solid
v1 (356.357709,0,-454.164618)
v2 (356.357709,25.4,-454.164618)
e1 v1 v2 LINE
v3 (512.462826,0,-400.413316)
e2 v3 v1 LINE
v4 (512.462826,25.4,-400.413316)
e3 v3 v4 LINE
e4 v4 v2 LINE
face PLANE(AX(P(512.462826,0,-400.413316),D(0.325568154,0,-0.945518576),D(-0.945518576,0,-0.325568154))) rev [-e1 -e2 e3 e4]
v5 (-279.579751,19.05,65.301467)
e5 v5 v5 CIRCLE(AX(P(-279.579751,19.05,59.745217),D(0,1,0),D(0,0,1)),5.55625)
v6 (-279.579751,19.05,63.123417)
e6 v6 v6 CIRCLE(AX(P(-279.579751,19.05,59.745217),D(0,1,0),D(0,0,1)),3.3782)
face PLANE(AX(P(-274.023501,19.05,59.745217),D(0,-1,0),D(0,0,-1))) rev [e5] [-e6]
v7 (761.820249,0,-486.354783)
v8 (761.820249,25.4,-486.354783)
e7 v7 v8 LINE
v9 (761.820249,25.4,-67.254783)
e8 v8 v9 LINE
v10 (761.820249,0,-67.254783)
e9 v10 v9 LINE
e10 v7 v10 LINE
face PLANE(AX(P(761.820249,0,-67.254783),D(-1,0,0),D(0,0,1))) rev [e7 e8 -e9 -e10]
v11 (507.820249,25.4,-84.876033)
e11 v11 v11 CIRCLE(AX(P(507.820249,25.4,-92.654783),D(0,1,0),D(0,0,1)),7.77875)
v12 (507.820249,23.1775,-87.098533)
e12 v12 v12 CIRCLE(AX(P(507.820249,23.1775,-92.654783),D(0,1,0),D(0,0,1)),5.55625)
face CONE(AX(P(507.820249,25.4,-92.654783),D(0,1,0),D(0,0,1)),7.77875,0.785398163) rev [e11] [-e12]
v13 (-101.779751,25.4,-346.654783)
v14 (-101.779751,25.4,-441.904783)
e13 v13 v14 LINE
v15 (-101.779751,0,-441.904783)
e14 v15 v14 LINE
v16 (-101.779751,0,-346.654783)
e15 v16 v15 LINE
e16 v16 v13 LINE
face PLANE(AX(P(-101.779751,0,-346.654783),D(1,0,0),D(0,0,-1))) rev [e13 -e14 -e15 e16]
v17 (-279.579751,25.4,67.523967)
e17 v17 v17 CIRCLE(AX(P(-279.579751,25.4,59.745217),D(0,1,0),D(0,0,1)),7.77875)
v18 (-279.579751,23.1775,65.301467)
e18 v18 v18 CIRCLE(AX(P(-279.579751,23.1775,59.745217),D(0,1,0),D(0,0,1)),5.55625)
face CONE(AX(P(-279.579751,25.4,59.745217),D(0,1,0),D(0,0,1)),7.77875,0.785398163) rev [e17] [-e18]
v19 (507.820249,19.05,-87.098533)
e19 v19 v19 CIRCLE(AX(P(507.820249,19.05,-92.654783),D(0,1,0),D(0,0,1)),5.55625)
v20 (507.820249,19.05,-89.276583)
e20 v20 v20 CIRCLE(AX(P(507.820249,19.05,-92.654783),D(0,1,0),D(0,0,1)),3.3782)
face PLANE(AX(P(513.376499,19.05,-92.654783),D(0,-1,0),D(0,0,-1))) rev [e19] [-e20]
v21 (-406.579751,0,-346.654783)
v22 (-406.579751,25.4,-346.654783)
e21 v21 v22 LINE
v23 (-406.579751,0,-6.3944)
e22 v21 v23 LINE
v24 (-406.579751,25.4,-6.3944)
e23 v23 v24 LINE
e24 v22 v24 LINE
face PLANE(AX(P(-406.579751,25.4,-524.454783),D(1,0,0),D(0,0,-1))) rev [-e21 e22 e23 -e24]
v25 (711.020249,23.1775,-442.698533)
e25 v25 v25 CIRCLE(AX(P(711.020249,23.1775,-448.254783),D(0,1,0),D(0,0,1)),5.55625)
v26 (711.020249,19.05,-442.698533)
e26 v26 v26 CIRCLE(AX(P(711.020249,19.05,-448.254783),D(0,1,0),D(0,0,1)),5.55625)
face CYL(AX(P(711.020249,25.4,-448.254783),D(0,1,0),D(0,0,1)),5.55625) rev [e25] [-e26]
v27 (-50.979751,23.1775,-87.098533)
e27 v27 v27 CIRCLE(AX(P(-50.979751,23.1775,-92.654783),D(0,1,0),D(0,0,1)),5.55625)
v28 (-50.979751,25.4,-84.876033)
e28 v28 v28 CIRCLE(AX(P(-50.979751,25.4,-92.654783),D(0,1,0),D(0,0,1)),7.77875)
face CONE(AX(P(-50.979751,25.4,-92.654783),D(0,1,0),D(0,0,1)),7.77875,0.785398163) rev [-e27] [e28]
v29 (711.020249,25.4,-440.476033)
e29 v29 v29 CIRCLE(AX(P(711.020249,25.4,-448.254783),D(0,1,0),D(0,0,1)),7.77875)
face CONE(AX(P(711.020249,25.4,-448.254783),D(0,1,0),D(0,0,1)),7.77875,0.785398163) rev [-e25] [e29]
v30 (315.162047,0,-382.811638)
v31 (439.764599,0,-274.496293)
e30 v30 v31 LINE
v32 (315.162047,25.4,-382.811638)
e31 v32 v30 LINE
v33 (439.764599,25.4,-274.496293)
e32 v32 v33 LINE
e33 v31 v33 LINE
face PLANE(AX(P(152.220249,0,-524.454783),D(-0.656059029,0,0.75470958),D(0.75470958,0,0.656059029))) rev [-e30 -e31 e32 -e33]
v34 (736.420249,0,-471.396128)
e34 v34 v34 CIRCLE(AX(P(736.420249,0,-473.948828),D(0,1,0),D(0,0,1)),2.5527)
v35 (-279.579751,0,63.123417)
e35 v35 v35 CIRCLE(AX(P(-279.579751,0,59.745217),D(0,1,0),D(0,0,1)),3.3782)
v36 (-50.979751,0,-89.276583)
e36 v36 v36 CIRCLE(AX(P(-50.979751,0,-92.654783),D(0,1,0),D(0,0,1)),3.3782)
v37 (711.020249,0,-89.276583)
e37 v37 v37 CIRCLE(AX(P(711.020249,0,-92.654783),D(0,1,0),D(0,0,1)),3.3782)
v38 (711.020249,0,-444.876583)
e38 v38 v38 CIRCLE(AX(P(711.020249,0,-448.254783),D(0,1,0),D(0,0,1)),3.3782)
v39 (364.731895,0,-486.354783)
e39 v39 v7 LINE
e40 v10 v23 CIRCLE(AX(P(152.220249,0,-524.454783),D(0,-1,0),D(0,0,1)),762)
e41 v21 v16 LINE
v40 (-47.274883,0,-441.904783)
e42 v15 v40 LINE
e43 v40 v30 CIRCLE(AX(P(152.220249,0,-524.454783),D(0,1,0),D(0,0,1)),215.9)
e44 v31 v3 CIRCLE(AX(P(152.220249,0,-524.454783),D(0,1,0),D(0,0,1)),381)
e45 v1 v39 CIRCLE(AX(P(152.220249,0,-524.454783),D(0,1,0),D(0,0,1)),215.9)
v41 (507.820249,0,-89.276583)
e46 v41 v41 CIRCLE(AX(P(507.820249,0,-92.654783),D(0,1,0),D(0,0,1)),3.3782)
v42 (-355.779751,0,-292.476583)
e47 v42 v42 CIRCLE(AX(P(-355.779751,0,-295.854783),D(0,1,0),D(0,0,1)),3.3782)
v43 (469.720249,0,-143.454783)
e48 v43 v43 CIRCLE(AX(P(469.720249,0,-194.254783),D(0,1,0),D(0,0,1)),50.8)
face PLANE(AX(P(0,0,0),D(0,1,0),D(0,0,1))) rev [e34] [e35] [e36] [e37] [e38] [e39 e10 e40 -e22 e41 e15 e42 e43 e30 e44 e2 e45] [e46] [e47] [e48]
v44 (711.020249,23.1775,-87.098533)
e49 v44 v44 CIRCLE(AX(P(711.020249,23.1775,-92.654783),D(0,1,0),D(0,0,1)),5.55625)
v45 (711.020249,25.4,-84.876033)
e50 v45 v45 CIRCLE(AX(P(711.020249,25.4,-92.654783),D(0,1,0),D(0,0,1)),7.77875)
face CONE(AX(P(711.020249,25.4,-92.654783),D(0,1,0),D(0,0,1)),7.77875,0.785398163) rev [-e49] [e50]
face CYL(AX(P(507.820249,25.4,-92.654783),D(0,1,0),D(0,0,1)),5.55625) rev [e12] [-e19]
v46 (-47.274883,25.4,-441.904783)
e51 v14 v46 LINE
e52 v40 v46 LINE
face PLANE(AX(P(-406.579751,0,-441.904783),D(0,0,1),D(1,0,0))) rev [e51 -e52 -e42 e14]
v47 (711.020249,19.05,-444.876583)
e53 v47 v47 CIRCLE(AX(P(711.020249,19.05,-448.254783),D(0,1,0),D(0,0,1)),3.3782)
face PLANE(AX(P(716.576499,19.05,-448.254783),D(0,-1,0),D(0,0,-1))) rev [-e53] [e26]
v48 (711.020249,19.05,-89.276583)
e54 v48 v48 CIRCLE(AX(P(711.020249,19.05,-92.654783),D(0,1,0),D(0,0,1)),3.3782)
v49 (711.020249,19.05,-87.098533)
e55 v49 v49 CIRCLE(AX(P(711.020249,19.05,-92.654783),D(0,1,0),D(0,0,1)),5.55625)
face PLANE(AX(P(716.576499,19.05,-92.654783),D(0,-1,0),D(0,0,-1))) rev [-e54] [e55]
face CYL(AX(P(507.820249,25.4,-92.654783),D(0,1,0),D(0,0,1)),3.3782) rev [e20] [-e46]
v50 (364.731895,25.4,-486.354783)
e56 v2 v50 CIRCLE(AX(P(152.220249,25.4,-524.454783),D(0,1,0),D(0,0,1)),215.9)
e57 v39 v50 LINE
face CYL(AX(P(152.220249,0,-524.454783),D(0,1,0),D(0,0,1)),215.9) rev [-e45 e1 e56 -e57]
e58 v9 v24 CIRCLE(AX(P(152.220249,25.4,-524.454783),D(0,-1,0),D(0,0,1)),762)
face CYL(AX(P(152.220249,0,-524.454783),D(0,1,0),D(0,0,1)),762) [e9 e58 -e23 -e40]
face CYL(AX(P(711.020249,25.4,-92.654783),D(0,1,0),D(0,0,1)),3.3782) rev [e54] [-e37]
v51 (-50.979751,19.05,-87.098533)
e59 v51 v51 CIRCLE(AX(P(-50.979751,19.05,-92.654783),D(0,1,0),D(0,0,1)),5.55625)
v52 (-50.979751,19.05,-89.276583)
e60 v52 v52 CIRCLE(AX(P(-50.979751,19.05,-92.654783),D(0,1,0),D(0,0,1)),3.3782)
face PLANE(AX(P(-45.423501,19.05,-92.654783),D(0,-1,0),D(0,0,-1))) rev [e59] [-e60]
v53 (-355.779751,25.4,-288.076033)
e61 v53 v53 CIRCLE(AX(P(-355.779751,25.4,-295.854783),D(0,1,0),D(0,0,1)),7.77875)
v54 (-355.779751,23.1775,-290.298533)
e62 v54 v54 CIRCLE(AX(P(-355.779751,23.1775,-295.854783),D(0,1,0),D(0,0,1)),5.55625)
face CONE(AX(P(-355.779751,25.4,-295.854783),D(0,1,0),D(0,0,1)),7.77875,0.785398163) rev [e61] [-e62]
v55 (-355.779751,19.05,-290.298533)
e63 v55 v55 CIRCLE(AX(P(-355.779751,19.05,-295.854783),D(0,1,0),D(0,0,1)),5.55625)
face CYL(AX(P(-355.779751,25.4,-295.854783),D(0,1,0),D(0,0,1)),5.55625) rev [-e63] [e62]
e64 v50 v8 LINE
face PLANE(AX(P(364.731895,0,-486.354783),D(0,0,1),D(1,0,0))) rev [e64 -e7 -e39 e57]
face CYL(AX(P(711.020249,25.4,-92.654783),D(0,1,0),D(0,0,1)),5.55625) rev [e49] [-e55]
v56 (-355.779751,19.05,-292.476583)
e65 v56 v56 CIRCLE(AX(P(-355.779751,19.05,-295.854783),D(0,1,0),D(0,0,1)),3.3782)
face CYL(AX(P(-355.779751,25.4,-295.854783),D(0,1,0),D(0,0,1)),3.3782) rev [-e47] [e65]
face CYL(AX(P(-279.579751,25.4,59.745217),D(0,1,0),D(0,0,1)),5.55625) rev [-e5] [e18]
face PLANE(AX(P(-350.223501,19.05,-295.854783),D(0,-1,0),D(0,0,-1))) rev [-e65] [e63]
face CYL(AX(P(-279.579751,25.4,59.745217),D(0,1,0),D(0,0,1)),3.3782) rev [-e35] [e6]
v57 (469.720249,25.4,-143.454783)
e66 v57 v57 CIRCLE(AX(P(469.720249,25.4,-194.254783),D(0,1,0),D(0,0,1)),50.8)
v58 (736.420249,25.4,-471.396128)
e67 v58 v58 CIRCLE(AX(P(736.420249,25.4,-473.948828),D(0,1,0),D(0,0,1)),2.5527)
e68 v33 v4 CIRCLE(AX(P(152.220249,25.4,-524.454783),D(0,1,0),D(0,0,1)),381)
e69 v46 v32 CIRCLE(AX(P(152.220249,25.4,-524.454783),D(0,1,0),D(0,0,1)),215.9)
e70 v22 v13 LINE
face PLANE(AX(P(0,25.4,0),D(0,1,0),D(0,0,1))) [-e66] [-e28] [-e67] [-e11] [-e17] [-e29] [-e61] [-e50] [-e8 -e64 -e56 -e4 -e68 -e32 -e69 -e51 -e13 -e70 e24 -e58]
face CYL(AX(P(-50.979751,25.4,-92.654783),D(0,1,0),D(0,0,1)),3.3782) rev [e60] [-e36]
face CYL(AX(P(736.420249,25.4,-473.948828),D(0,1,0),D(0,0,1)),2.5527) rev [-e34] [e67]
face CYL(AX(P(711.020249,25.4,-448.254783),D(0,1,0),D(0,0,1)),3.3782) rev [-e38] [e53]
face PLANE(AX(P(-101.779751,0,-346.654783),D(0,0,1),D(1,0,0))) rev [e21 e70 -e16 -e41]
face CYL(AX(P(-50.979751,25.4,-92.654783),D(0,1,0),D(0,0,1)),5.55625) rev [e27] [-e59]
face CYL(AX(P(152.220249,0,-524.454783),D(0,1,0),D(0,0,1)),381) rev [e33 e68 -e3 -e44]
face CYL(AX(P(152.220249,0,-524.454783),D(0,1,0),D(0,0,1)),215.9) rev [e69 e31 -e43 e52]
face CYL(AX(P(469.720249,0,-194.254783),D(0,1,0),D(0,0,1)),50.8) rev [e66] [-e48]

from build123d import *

# Parameters (mm, degrees)
SKETCH2_W                                     = 2006.6
SKETCH2_H                                     = 762
BOSS_EXTRUDE1_DEPTH                           = 25.4
CUT_EXTRUDE18_DEPTH                           = 26.4
F_1_4_20_TAPPED_HOLE1_D                       = 5.1054
SKETCH4_R                                     = 215.9
CUT_EXTRUDE1_DEPTH                            = 26.4
SKETCH26_W                                    = 381
SKETCH26_H                                    = 82.55
CUT_EXTRUDE2_DEPTH                            = 26.4
SKETCH109_R                                   = 50.8
CUT_EXTRUDE15_DEPTH                           = 26.4
SKETCH48_W                                    = 304.8
SKETCH48_H                                    = 95.25
CUT_EXTRUDE9_DEPTH                            = 26.4
CUT_EXTRUDE12_DEPTH                           = 26.4
CUT_EXTRUDE13_DEPTH                           = 26.4
CUT_EXTRUDE17_DEPTH                           = 26.4
CBORE_FOR_1_4_SOCKET_HEAD_CAP_SCREW1_AT_COUNT = 2
CBORE_FOR_1_4_SOCKET_HEAD_CAP_SCREW1_AT_PITCH = 558.8
CBORE_FOR_1_4_SOCKET_HEAD_CAP_SCREW1_2_COUNT  = 2
CBORE_FOR_1_4_SOCKET_HEAD_CAP_SCREW1_2_PITCH  = 366.324009587
CBORE_FOR_1_4_SOCKET_HEAD_CAP_SCREW1_3_COUNT  = 2
CBORE_FOR_1_4_SOCKET_HEAD_CAP_SCREW1_3_PITCH  = 274.74300719
CBORE_FOR_1_4_SOCKET_HEAD_CAP_SCREW1_4_COUNT  = 2
CBORE_FOR_1_4_SOCKET_HEAD_CAP_SCREW1_4_PITCH  = 840.889624148
CBORE_FOR_1_4_SOCKET_HEAD_CAP_SCREW1_5_COUNT  = 2
CBORE_FOR_1_4_SOCKET_HEAD_CAP_SCREW1_5_PITCH  = 762


with BuildPart() as part:
    # Sketch2 → Boss-Extrude1 (new body)
    with BuildSketch(Plane(origin=(0, 0, 0), x_dir=(1, 0, 0), z_dir=(0, 1, 0))):
        with Locations((596.720248579, 143.454782609)):
            Rectangle(SKETCH2_W, SKETCH2_H)
    extrude(amount=BOSS_EXTRUDE1_DEPTH)

    # Sketch120 → Cut-Extrude18 (cut, through all)
    with BuildSketch(Plane(origin=(0, 25.4, 0), x_dir=(1, 0, 0), z_dir=(0, 1, 0))):
        with BuildLine():
            Line((364.731895319, 486.354782609), (761.820248579, 486.354782609))
            Line((761.820248579, 486.354782609), (761.820248579, 524.454782609))
            Line((761.820248579, 524.454782609), (368.120248579, 524.454782609))
            ThreePointArc((368.120248579, 524.454782609), (367.271491927, 505.329596742), (364.731895319, 486.354782609))
        make_face()
    extrude(amount=-CUT_EXTRUDE18_DEPTH, mode=Mode.SUBTRACT)

    # 1/4-20 Tapped Hole1 (through all)
    with Locations(Plane(origin=(0, 25.4, 0), x_dir=(1, 0, 0), z_dir=(0, 1, 0))):
        with Locations((736.420248579, 473.948827926)):
            Hole(F_1_4_20_TAPPED_HOLE1_D / 2)

    # Sketch4 → Cut-Extrude1 (cut, through all)
    with BuildSketch(Plane(origin=(0, 25.4, 0), x_dir=(1, 0, 0), z_dir=(0, 1, 0))):
        with Locations((152.220248579, 524.454782609)):
            Circle(SKETCH4_R)
    extrude(amount=-CUT_EXTRUDE1_DEPTH, mode=Mode.SUBTRACT)

    # Sketch26 → Cut-Extrude2 (cut, through all)
    with BuildSketch(Plane(origin=(0, 25.4, 0), x_dir=(1, 0, 0), z_dir=(0, 1, 0))):
        with Locations((-216.079751421, 483.179782609)):
            Rectangle(SKETCH26_W, SKETCH26_H)
    extrude(amount=-CUT_EXTRUDE2_DEPTH, mode=Mode.SUBTRACT)

    # Sketch109 → Cut-Extrude15 (cut, through all)
    with BuildSketch(Plane(origin=(0, 25.4, 0), x_dir=(1, 0, 0), z_dir=(0, 1, 0))):
        with Locations((469.720248579, 194.254782609)):
            Circle(SKETCH109_R)
    extrude(amount=-CUT_EXTRUDE15_DEPTH, mode=Mode.SUBTRACT)

    # Sketch48 → Cut-Extrude9 (cut, through all)
    with BuildSketch(Plane(origin=(0, 25.4, 0), x_dir=(1, 0, 0), z_dir=(0, 1, 0))):
        with Locations((-254.179751421, 394.279782609)):
            Rectangle(SKETCH48_W, SKETCH48_H)
    extrude(amount=-CUT_EXTRUDE9_DEPTH, mode=Mode.SUBTRACT)

    # Sketch56 → Cut-Extrude12 (cut, through all)
    with BuildSketch(Plane(origin=(0, 25.4, 0), x_dir=(1, 0, 0), z_dir=(0, 1, 0))):
        with BuildLine():
            Line((512.462825882, 400.413315761), (152.220248579, 524.454782609))
            Line((152.220248579, 524.454782609), (439.764598644, 274.496292563))
            ThreePointArc((439.764598644, 274.496292563), (482.175927421, 333.954782609), (512.462825882, 400.413315761))
        make_face()
    extrude(amount=-CUT_EXTRUDE12_DEPTH, mode=Mode.SUBTRACT)

    # Sketch105 → Cut-Extrude13 (cut, through all)
    with BuildSketch(Plane(origin=(0, 25.4, 0), x_dir=(1, 0, 0), z_dir=(0, 1, 0))):
        with BuildLine():
            Line((152.220248579, -237.545217391), (-406.579751421, -237.545217391))
            Line((-406.579751421, -237.545217391), (-406.579751421, 6.394400028))
            ThreePointArc((-406.579751421, 6.394400028), (-152.64200595, -173.902579895), (152.220248579, -237.545217391))
        make_face()
    extrude(amount=-CUT_EXTRUDE13_DEPTH, mode=Mode.SUBTRACT)

    # Sketch111 → Cut-Extrude17 (cut, through all)
    with BuildSketch(Plane(origin=(0, 25.4, 0), x_dir=(1, 0, 0), z_dir=(0, 1, 0))):
        with BuildLine():
            Line((761.820248579, 67.254782609), (761.820248579, 524.454782609))
            Line((761.820248579, 524.454782609), (1600.020248579, 524.454782609))
            Line((1600.020248579, 524.454782609), (1600.020248579, -237.545217391))
            Line((1600.020248579, -237.545217391), (152.220248579, -237.545217391))
            ThreePointArc((152.220248579, -237.545217391), (492.99700835, -157.098736933), (761.820248579, 67.254782609))
        make_face()
    extrude(amount=-CUT_EXTRUDE17_DEPTH, mode=Mode.SUBTRACT)

    # Sketch123 → CBORE for 1/4 Socket Head Cap Screw1 (revolve, cut)
    with BuildSketch(Plane(origin=(-50.979751421, 25.4, -92.654782609), x_dir=(0, 0, 1), z_dir=(1, 0, 0))):
        Polygon((0, 0), (0, 25.4), (3.3782, 25.4), (3.3782, 6.35), (5.55625, 6.35), (5.55625, 2.2225), (7.77875, 0), align=None)
    cbore_for_1_4_socket_head_cap_screw1 = revolve(axis=Axis((-50.979751421, 31.75, -92.654782609), (0, -1, 0)), mode=Mode.SUBTRACT)

    # CBORE for 1/4 Socket Head Cap Screw1 at: CBORE for 1/4 Socket Head Cap Screw1 ×2
    with Locations(*[(i * CBORE_FOR_1_4_SOCKET_HEAD_CAP_SCREW1_AT_PITCH, 0, 0) for i in range(1, CBORE_FOR_1_4_SOCKET_HEAD_CAP_SCREW1_AT_COUNT)]):
        add(cbore_for_1_4_socket_head_cap_screw1, mode=Mode.SUBTRACT)

    # CBORE for 1_4 Socket Head Cap Screw1 2: CBORE for 1/4 Socket Head Cap Screw1 ×2
    with Locations(*[Vector(-0.832050294, 0, -0.554700196) * (i * CBORE_FOR_1_4_SOCKET_HEAD_CAP_SCREW1_2_PITCH) for i in range(1, CBORE_FOR_1_4_SOCKET_HEAD_CAP_SCREW1_2_COUNT)]):
        add(cbore_for_1_4_socket_head_cap_screw1, mode=Mode.SUBTRACT)

    # CBORE for 1_4 Socket Head Cap Screw1 3: CBORE for 1/4 Socket Head Cap Screw1 ×2
    with Locations(*[Vector(-0.832050294, 0, 0.554700196) * (i * CBORE_FOR_1_4_SOCKET_HEAD_CAP_SCREW1_3_PITCH) for i in range(1, CBORE_FOR_1_4_SOCKET_HEAD_CAP_SCREW1_3_COUNT)]):
        add(cbore_for_1_4_socket_head_cap_screw1, mode=Mode.SUBTRACT)

    # CBORE for 1_4 Socket Head Cap Screw1 4: CBORE for 1/4 Socket Head Cap Screw1 ×2
    with Locations(*[Vector(0.90618314, 0, -0.422885465) * (i * CBORE_FOR_1_4_SOCKET_HEAD_CAP_SCREW1_4_PITCH) for i in range(1, CBORE_FOR_1_4_SOCKET_HEAD_CAP_SCREW1_4_COUNT)]):
        add(cbore_for_1_4_socket_head_cap_screw1, mode=Mode.SUBTRACT)

    # CBORE for 1_4 Socket Head Cap Screw1 5: CBORE for 1/4 Socket Head Cap Screw1 ×2
    with Locations(*[(i * CBORE_FOR_1_4_SOCKET_HEAD_CAP_SCREW1_5_PITCH, 0, 0) for i in range(1, CBORE_FOR_1_4_SOCKET_HEAD_CAP_SCREW1_5_COUNT)]):
        add(cbore_for_1_4_socket_head_cap_screw1, mode=Mode.SUBTRACT)


solid = part.part
